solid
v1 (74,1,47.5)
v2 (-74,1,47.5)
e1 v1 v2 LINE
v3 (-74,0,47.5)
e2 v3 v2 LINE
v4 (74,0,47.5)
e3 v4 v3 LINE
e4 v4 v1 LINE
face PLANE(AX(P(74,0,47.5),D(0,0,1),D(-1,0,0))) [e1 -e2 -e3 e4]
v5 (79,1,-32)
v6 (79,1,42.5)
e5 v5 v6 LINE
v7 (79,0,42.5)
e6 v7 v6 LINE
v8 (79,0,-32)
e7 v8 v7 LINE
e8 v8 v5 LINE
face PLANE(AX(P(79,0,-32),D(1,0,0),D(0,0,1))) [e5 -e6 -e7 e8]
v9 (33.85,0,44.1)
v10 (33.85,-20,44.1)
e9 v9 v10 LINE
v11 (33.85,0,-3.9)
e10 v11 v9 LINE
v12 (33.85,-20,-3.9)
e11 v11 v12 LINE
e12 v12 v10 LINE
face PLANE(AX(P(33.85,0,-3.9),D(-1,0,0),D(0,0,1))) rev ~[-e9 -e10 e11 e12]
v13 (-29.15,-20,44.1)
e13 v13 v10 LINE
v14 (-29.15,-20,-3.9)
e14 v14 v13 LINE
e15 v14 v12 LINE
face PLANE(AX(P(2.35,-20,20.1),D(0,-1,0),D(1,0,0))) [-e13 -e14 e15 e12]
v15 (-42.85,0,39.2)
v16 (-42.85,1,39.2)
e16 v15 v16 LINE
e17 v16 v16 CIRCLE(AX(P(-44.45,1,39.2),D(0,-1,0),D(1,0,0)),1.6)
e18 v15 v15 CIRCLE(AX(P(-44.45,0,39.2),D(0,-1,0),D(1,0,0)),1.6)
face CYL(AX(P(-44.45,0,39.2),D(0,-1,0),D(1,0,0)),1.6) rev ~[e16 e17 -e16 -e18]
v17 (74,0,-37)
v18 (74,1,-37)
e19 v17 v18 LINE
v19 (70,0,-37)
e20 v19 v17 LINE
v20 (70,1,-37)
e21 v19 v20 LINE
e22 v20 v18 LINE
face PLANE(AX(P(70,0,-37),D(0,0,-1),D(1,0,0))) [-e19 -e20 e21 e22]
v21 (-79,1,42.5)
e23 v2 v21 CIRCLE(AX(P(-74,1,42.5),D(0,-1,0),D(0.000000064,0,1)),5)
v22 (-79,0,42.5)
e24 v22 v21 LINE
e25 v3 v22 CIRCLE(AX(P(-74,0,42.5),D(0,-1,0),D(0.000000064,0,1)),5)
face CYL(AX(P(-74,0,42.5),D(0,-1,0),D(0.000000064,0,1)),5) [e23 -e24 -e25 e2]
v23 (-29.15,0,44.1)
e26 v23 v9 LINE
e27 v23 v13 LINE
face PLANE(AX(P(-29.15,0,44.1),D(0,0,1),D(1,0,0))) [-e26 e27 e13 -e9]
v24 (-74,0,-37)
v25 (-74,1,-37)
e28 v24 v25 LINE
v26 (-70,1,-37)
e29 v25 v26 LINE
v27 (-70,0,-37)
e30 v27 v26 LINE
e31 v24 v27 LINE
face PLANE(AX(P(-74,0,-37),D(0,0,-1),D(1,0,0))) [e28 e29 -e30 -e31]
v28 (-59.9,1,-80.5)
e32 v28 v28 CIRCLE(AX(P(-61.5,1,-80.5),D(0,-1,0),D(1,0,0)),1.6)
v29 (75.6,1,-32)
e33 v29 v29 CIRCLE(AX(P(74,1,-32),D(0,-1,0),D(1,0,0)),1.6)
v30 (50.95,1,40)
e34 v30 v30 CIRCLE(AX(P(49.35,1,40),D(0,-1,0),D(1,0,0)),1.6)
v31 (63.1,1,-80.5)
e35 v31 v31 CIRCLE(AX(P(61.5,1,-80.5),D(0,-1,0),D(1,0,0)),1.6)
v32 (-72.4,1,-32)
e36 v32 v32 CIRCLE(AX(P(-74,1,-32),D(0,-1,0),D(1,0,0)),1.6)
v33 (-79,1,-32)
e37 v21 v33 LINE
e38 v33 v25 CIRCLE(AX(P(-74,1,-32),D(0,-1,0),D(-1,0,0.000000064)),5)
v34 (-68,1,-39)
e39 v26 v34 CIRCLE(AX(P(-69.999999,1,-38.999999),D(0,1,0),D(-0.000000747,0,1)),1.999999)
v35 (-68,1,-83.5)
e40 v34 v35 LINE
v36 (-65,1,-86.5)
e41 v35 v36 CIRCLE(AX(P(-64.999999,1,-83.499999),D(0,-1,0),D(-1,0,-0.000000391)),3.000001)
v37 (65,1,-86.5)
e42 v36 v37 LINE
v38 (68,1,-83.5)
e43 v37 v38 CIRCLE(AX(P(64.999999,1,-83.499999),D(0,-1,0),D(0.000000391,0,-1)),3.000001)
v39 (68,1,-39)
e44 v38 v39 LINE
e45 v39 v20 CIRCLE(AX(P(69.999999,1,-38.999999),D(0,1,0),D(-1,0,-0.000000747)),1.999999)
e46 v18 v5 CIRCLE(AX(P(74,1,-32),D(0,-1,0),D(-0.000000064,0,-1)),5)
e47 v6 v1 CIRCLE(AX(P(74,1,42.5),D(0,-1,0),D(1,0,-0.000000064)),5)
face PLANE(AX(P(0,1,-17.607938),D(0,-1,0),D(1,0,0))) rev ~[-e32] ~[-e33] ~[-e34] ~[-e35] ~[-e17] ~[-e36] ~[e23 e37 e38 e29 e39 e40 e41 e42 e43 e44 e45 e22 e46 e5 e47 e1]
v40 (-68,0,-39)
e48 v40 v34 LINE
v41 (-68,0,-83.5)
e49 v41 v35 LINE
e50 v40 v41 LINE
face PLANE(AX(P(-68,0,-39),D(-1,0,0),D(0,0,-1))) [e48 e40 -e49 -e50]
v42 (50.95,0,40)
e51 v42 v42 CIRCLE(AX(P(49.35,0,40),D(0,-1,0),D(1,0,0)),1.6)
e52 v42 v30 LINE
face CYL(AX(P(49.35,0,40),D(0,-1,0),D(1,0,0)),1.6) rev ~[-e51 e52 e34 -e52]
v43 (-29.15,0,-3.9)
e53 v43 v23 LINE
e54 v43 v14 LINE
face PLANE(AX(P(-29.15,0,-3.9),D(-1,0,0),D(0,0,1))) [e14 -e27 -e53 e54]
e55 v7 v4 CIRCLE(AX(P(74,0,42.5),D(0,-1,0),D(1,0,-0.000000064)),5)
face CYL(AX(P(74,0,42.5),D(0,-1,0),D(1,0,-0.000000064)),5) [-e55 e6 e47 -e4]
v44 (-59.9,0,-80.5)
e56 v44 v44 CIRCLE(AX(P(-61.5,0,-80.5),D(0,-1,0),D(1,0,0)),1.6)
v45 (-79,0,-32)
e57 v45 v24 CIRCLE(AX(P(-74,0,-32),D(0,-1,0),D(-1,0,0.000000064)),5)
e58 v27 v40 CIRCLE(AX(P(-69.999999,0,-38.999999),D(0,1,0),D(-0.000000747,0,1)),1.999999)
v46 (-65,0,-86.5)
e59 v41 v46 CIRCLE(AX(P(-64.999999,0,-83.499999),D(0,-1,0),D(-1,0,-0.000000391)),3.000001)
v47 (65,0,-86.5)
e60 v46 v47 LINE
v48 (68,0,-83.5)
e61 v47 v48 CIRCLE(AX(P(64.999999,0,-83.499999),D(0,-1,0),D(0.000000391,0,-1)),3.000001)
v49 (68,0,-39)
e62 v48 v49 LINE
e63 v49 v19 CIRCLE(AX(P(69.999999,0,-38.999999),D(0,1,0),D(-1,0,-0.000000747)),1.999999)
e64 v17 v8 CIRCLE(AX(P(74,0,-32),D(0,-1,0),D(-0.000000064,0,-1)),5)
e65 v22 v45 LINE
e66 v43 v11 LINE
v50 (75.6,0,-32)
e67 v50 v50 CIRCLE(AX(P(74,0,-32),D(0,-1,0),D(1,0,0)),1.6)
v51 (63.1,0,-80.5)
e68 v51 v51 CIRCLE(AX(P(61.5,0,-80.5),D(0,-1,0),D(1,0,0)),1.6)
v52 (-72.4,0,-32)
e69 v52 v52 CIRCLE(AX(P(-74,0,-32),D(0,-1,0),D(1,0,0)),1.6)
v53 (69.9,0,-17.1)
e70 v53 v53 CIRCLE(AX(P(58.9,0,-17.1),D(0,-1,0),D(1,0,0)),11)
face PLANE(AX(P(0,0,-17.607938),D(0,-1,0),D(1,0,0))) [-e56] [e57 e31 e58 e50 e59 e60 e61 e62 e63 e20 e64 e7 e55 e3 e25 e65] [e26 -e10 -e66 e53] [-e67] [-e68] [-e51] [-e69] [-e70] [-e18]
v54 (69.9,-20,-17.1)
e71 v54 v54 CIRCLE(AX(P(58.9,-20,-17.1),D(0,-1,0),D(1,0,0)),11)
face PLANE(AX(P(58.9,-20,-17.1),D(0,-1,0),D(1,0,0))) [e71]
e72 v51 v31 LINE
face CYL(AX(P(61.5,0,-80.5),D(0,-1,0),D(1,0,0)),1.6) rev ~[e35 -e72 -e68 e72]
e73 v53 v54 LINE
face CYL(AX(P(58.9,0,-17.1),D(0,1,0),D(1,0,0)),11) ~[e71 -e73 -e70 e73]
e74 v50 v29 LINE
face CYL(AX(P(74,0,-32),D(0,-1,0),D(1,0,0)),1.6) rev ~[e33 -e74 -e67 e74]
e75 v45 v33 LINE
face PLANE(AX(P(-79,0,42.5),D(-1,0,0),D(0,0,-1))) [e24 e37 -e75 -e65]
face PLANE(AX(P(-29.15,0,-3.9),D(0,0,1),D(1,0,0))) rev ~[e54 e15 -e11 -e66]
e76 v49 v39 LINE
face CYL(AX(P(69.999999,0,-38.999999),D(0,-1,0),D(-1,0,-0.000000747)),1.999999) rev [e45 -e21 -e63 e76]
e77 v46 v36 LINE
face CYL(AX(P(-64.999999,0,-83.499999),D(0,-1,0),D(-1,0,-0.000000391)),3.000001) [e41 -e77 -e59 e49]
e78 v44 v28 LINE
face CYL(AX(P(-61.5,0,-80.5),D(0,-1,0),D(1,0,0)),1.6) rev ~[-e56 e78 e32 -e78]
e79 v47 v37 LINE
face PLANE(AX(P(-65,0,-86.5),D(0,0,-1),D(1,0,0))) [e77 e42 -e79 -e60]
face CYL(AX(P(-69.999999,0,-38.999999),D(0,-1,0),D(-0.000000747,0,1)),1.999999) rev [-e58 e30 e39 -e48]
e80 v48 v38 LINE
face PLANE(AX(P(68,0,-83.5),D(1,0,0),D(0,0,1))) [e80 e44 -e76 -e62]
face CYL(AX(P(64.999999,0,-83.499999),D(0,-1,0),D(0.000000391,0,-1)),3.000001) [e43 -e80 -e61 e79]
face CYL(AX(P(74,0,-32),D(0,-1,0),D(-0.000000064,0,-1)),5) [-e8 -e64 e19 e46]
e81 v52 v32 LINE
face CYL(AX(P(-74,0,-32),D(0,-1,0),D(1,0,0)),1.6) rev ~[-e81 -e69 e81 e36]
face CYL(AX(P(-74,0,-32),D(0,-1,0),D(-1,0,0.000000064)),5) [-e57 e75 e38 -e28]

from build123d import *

# Parameters (mm, degrees)
F0_R     = 1.6
F0_R_2   = 11
F0_W     = 63
F0_H     = 48
F1_DEPTH = 1
F2_DEPTH = 20


with BuildPart() as f1:
    # F0 (on Front) → F1 (new body)
    with BuildSketch(Plane.XZ):
        with BuildLine():
            Line((-79, 42.5), (-79, -32))
            ThreePointArc((-79, -32), (-77.535534, -35.535534), (-74, -37))
            Line((-74, -37), (-70, -37))
            ThreePointArc((-70, -37), (-68.585786, -37.585786), (-68, -39))
            Line((-68, -39), (-68, -83.5))
            ThreePointArc((-68, -83.5), (-67.12132, -85.62132), (-65, -86.5))
            Line((-65, -86.5), (65, -86.5))
            ThreePointArc((65, -86.5), (67.12132, -85.62132), (68, -83.5))
            Line((68, -83.5), (68, -39))
            ThreePointArc((68, -39), (68.585786, -37.585786), (70, -37))
            Line((70, -37), (74, -37))
            ThreePointArc((74, -37), (77.535534, -35.535534), (79, -32))
            Line((79, -32), (79, 42.5))
            ThreePointArc((79, 42.5), (77.535534, 46.035534), (74, 47.5))
            Line((74, 47.5), (-74, 47.5))
            ThreePointArc((-74, 47.5), (-77.535534, 46.035534), (-79, 42.5))
        make_face()
        with Locations((-61.5, -80.5)):
            Circle(F0_R, mode=Mode.SUBTRACT)
        with Locations((-74, -32)):
            Circle(F0_R, mode=Mode.SUBTRACT)
        with Locations((61.5, -80.5)):
            Circle(F0_R, mode=Mode.SUBTRACT)
        with Locations((74, -32)):
            Circle(F0_R, mode=Mode.SUBTRACT)
        with Locations((-44.45, 39.2)):
            Circle(F0_R, mode=Mode.SUBTRACT)
        with Locations((58.9, -17.1)):
            Circle(F0_R_2, mode=Mode.SUBTRACT)
        with Locations((2.35, 20.1)):
            Rectangle(F0_W, F0_H, mode=Mode.SUBTRACT)
        with Locations((49.35, 40)):
            Circle(F0_R, mode=Mode.SUBTRACT)
        with Locations((2.35, 20.1)):
            Rectangle(F0_W, F0_H)
        with Locations((58.9, -17.1)):
            Circle(F0_R_2)
    extrude(amount=-F1_DEPTH)

    # F0 (on Front) → F2 (join)
    with BuildSketch(Plane.XZ):
        with Locations((2.35, 20.1)):
            Rectangle(F0_W, F0_H)
        with Locations((58.9, -17.1)):
            Circle(F0_R_2)
    extrude(amount=F2_DEPTH)


solid = f1.part
